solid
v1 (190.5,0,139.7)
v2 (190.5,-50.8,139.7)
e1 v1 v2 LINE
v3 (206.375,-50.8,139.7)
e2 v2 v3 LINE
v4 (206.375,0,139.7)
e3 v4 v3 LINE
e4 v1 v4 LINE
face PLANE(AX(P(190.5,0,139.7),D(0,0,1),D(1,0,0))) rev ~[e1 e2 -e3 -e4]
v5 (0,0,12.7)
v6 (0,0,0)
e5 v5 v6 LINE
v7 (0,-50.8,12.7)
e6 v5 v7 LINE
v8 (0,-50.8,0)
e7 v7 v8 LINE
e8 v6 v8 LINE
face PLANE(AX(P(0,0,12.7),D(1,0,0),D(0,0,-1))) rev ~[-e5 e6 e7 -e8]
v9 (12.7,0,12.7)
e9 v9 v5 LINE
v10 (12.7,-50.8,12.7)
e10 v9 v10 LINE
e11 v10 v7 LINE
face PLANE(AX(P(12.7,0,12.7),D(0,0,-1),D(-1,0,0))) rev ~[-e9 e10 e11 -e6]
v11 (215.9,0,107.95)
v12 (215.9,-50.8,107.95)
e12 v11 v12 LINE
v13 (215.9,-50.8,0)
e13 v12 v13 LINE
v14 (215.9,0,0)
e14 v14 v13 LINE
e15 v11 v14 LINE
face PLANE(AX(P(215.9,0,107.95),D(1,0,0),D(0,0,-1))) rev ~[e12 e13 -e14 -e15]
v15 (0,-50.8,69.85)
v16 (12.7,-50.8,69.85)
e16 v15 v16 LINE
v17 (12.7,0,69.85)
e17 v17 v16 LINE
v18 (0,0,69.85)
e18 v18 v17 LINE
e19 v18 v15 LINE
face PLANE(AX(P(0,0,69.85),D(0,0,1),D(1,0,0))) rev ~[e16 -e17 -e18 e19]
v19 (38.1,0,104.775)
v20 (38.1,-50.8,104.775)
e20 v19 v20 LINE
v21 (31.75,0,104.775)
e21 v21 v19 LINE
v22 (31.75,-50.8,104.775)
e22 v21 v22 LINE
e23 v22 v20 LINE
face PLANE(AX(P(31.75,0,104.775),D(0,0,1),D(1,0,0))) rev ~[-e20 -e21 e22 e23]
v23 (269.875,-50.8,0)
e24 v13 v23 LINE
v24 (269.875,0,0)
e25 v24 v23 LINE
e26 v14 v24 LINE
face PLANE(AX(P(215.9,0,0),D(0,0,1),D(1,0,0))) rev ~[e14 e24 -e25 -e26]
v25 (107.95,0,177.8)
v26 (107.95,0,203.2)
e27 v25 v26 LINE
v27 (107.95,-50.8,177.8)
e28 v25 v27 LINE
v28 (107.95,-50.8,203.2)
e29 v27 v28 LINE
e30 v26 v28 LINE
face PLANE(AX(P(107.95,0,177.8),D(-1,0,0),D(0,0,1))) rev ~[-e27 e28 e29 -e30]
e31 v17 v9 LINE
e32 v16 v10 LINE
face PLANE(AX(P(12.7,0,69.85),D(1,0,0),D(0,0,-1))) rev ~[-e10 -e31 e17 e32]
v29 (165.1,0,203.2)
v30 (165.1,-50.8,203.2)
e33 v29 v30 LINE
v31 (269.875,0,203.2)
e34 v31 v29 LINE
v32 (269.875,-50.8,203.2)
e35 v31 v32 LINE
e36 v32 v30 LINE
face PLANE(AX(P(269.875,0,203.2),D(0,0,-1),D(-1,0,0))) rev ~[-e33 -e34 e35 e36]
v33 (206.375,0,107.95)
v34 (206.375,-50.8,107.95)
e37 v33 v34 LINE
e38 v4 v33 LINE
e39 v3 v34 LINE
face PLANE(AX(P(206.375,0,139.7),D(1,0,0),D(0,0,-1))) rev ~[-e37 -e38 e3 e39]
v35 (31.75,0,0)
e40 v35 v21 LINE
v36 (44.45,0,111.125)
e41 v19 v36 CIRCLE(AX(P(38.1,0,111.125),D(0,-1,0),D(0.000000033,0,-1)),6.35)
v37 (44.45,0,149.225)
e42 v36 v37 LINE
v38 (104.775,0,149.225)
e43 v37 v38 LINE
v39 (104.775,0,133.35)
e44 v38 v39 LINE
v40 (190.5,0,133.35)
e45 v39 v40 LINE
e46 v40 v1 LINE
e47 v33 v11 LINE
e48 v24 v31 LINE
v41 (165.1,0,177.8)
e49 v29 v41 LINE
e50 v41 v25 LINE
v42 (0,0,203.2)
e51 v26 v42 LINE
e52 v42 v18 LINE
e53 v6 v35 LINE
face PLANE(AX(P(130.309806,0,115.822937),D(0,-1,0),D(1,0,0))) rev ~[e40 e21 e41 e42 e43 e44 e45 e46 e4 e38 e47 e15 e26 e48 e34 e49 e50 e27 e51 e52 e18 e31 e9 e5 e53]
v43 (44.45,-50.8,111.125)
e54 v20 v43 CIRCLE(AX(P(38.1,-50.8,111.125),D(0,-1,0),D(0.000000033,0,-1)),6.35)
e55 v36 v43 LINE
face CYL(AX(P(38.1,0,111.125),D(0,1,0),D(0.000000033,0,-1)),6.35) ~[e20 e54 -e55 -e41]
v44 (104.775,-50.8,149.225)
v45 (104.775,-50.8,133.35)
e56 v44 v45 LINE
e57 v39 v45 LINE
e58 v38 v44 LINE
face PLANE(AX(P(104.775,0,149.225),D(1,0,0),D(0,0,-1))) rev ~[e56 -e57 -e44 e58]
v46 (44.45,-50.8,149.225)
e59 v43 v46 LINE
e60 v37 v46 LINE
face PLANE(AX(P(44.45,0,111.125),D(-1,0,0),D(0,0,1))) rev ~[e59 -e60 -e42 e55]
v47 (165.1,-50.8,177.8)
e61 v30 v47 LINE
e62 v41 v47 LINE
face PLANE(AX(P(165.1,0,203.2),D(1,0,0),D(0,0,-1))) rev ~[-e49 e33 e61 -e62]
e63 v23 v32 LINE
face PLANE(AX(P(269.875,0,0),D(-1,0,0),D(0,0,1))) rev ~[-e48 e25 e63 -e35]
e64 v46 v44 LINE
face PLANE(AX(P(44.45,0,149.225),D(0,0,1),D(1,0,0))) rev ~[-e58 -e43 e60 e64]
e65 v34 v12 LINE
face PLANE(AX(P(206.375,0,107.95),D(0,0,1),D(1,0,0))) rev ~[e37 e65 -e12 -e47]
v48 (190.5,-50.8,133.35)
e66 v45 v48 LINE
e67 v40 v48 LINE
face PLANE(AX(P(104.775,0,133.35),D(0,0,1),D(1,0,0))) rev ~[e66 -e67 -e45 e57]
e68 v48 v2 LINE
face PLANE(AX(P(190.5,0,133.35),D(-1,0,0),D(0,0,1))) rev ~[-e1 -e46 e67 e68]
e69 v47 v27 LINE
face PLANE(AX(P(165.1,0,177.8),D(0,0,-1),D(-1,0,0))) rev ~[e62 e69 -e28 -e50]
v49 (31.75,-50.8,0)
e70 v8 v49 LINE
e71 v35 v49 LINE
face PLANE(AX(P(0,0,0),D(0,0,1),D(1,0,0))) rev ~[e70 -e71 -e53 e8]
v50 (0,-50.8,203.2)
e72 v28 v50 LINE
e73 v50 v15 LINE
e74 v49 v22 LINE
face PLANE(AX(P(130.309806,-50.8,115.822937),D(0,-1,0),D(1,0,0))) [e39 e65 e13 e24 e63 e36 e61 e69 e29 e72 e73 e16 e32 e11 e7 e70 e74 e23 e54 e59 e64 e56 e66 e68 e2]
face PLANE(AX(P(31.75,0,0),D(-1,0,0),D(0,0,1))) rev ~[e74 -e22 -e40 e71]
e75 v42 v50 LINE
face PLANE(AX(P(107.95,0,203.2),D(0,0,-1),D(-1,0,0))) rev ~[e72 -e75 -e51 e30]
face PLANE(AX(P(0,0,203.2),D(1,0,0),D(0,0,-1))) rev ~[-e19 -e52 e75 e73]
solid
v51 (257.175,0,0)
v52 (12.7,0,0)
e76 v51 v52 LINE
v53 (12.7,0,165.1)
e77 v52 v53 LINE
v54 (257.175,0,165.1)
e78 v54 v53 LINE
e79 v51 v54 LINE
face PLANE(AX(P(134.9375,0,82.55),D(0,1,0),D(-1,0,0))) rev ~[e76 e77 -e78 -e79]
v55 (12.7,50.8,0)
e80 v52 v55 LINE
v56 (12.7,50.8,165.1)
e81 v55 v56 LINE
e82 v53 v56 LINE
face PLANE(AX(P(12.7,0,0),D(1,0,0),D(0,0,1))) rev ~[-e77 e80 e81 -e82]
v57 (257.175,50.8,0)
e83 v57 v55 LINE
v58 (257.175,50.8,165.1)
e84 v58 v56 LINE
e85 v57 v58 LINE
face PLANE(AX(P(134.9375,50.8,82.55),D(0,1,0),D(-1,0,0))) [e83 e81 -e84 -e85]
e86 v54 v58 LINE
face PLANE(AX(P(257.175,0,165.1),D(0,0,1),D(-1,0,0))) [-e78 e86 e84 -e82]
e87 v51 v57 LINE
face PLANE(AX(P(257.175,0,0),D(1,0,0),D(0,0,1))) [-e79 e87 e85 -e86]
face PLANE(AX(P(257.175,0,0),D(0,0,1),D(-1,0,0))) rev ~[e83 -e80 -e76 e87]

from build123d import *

# Parameters (mm, degrees)
F1_DEPTH = 50.8
F2_W     = 244.475
F2_H     = 165.1
F3_DEPTH = 50.8


with BuildPart() as f1:
    # F0 (on Front) → F1 (new body)
    with BuildSketch(Plane.XZ):
        with BuildLine():
            Line((0, 12.7), (0, 0))
            Line((0, 0), (31.75, 0))
            Line((31.75, 0), (31.75, 104.775))
            Line((31.75, 104.775), (38.1, 104.775))
            ThreePointArc((38.1, 104.775), (42.590128, 106.634872), (44.45, 111.125))
            Line((44.45, 111.125), (44.45, 149.225))
            Line((44.45, 149.225), (104.775, 149.225))
            Line((104.775, 149.225), (104.775, 133.35))
            Line((104.775, 133.35), (190.5, 133.35))
            Line((190.5, 133.35), (190.5, 139.7))
            Line((190.5, 139.7), (206.375, 139.7))
            Line((206.375, 139.7), (206.375, 107.95))
            Line((206.375, 107.95), (215.9, 107.95))
            Line((215.9, 107.95), (215.9, 0))
            Line((215.9, 0), (269.875, 0))
            Line((269.875, 0), (269.875, 203.2))
            Line((269.875, 203.2), (165.1, 203.2))
            Line((165.1, 203.2), (165.1, 177.8))
            Line((165.1, 177.8), (107.95, 177.8))
            Line((107.95, 177.8), (107.95, 203.2))
            Line((107.95, 203.2), (0, 203.2))
            Line((0, 203.2), (0, 69.85))
            Line((0, 69.85), (12.7, 69.85))
            Line((12.7, 69.85), (12.7, 12.7))
            Line((12.7, 12.7), (0, 12.7))
        make_face()
    extrude(amount=F1_DEPTH)


with BuildPart() as f3:
    # F2 (on face) → F3 (new body)
    with BuildSketch(Plane(origin=(0, 0, 0), x_dir=(-1, 0, 0), z_dir=(0, 1, 0))):
        with Locations((-134.9375, 82.55)):
            Rectangle(F2_W, F2_H)
    extrude(amount=F3_DEPTH)


solid = Compound([f1.part, f3.part])
